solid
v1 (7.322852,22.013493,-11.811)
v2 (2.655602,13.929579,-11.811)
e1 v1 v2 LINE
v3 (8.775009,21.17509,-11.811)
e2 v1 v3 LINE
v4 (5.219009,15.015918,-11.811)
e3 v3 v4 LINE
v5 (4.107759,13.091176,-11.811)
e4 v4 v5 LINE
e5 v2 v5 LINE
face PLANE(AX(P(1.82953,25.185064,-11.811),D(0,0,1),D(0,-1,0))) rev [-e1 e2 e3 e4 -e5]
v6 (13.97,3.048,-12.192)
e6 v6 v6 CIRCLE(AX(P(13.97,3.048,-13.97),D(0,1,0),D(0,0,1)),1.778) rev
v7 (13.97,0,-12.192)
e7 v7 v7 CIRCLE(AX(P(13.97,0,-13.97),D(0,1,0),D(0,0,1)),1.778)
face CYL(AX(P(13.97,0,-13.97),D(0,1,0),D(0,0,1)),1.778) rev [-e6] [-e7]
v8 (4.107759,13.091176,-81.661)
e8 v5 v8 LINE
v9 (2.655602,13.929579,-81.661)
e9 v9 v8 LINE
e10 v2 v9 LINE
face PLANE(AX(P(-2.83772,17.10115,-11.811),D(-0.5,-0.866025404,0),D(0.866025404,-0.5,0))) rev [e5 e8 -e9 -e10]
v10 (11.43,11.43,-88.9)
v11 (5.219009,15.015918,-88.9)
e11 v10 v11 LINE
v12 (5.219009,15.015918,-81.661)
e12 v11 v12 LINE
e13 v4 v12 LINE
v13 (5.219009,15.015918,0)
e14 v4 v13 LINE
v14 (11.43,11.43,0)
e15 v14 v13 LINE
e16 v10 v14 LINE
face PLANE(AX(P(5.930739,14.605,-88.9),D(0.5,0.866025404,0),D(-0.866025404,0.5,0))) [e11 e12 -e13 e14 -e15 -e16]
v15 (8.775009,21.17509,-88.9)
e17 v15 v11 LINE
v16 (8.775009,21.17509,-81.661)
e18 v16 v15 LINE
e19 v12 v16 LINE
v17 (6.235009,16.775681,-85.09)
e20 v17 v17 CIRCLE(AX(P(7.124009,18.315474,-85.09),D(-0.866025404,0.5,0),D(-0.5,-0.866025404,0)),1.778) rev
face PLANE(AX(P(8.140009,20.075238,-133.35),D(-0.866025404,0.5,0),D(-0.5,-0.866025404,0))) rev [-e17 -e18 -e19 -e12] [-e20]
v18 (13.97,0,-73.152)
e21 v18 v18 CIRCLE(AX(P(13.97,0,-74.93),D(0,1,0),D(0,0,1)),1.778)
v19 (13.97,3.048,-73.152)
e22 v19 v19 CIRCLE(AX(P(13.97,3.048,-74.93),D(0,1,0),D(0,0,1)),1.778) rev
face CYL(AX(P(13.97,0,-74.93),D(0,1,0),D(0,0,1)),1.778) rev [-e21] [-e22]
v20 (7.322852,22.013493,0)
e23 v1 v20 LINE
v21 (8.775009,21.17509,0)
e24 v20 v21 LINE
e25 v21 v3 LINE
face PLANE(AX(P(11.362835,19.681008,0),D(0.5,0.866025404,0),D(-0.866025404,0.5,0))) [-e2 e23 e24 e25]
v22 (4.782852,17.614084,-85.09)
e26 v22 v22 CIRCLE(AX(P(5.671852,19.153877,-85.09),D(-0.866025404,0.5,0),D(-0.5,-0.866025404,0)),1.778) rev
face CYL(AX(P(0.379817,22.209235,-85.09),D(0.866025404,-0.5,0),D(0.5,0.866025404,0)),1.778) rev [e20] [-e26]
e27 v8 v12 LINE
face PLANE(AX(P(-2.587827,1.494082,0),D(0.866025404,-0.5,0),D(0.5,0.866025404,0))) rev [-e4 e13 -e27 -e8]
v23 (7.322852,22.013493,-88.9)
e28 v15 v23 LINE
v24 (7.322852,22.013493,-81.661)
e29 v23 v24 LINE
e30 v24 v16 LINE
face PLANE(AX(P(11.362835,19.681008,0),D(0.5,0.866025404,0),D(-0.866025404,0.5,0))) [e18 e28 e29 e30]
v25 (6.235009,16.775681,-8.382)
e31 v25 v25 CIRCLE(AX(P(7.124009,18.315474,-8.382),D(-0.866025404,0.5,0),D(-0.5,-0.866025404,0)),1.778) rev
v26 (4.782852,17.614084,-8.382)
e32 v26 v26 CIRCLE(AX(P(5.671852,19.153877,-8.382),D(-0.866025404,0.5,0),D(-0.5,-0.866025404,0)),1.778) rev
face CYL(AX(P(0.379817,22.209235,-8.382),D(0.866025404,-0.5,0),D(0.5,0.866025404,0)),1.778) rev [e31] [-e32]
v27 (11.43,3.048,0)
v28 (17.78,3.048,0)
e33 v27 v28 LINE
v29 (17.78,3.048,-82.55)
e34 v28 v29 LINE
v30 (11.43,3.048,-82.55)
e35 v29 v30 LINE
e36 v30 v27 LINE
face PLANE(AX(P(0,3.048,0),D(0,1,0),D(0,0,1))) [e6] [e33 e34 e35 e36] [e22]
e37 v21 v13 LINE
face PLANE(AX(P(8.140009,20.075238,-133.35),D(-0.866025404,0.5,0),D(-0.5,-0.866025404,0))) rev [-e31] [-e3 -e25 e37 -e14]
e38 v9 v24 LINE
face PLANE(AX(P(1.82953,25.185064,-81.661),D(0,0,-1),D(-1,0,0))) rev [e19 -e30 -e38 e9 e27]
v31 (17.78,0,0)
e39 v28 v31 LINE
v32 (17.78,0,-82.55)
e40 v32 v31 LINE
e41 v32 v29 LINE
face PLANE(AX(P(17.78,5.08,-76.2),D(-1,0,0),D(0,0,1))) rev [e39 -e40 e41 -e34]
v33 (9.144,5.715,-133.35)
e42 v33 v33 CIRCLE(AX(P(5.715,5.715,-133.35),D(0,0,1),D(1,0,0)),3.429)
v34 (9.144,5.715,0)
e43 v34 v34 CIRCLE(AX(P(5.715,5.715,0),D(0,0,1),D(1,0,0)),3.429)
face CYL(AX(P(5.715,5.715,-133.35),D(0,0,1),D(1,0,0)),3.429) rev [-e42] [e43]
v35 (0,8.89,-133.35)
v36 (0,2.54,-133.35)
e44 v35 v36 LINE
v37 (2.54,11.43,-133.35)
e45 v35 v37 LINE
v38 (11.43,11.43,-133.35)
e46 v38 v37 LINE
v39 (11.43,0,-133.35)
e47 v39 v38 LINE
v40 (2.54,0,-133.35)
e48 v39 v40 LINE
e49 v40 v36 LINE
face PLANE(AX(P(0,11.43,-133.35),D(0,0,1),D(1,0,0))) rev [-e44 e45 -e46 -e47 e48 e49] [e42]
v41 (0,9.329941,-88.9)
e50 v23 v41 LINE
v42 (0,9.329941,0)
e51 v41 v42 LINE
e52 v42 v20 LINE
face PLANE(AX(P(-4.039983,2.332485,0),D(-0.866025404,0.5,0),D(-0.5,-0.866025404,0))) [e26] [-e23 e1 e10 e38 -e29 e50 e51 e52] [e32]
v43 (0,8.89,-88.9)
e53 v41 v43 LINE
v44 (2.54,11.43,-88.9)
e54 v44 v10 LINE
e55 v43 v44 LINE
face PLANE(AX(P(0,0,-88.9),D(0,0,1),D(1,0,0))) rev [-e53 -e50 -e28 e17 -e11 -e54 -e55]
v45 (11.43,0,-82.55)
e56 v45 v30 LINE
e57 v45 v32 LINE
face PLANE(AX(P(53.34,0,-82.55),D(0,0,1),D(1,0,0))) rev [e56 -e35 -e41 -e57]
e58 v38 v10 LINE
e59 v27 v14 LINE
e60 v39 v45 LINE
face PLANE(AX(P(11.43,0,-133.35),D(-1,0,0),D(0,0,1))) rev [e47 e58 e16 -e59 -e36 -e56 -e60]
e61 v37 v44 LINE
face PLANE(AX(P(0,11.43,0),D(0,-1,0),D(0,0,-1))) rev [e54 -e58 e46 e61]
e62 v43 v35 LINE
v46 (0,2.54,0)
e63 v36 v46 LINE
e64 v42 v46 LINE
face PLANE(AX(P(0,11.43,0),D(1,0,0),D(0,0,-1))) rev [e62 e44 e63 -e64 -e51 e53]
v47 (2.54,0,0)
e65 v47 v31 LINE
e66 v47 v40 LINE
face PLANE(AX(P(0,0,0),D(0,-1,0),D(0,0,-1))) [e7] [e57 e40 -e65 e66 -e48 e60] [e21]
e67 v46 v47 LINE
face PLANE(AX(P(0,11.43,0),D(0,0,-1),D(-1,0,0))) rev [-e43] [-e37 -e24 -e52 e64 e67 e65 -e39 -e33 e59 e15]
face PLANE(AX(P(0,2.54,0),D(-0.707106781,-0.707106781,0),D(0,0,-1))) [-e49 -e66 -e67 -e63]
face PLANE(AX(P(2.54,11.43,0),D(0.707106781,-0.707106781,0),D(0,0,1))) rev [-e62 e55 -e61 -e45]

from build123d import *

# Parameters (mm, degrees)
SKETCH1_W           = 77.47
SKETCH1_H           = 133.35
BOSS_EXTRUDE1_DEPTH = 11.43
SKETCH2_R           = 3.429
CUT_EXTRUDE1_DEPTH  = 134.35
CUT_EXTRUDE2_DEPTH  = 12.43
SKETCH4_W           = 54.61
SKETCH4_H           = 6.35
CUT_EXTRUDE3_DEPTH  = 134.35
CHAMFER1_SIZE       = 2.54
CUT_EXTRUDE4_DEPTH  = 12.43
SKETCH6_W           = 53.34
SKETCH6_H           = 82.55
CUT_EXTRUDE5_DEPTH  = 12.43
SKETCH7_R           = 1.778
HOLE_CUTS_1_DEPTH   = 6.08
BOSS_EXTRUDE5_DEPTH = 88.9
SKETCH18_W          = 6.35
SKETCH18_H          = 5.08
CUT_EXTRUDE13_DEPTH = 76.2
HOLE_CUTS_2_REACH   = 10.608
SKETCH19_R          = 1.778
SKETCH20_W          = 88.9
SKETCH20_H          = 11.176
CUT_EXTRUDE16_DEPTH = 1.27
CUT_EXTRUDE22_DEPTH = 134.35
SKETCH22_W          = 6.35
SKETCH22_H          = 82.55
CUT_EXTRUDE18_DEPTH = 2.032
SKETCH23_W          = 1.676805636
SKETCH23_H          = 88.9
BOSS_EXTRUDE6_DEPTH = 1.27
CUT_EXTRUDE19_REACH = 10.019
SKETCH24_W          = 69.85
SKETCH24_H          = 9.3345
CUT_EXTRUDE20_REACH = 12.28
SKETCH25_W          = 1.27
SKETCH25_H          = 88.9
CUT_EXTRUDE21_REACH = 7.08
SKETCH26_W          = 6.35
SKETCH26_H          = 6.35


with BuildPart() as part:
    # Sketch1 → Boss-Extrude1 (new body)
    with BuildSketch(Plane(origin=(0, 0, 0), x_dir=(1, 0, 0), z_dir=(0, 1, 0))):
        with Locations((38.735, 66.675)):
            Rectangle(SKETCH1_W, SKETCH1_H)
    extrude(amount=BOSS_EXTRUDE1_DEPTH)

    # Sketch2 → Cut-Extrude1 (cut, through all)
    with BuildSketch(Plane.XY):
        with Locations((5.715, 5.715)):
            Circle(SKETCH2_R)
        with Locations((71.755, 5.715)):
            Circle(SKETCH2_R)
    extrude(amount=-CUT_EXTRUDE1_DEPTH, mode=Mode.SUBTRACT)

    # Sketch3 → Cut-Extrude2 (cut, through all)
    with BuildSketch(Plane(origin=(0, 11.43, 0), x_dir=(1, 0, 0), z_dir=(0, 1, 0))):
        with BuildLine():
            Line((11.43, 133.35), (11.43, 95.25))
            ThreePointArc((11.43, 95.25), (15.149743879, 86.269743879), (24.13, 82.55))
            Line((24.13, 82.55), (53.34, 82.55))
            ThreePointArc((53.34, 82.55), (62.320256121, 86.269743879), (66.04, 95.25))
            Line((66.04, 95.25), (66.04, 133.35))
            Line((66.04, 133.35), (11.43, 133.35))
        make_face()
    extrude(amount=-CUT_EXTRUDE2_DEPTH, mode=Mode.SUBTRACT)

    # Sketch4 → Cut-Extrude3 (cut, through all)
    with BuildSketch(Plane(origin=(0, 0, -133.35), x_dir=(-1, 0, 0), z_dir=(0, 0, -1))):
        with Locations((-38.735, 8.255)):
            Rectangle(SKETCH4_W, SKETCH4_H)
    extrude(amount=-CUT_EXTRUDE3_DEPTH, mode=Mode.SUBTRACT)

    # Chamfer1
    chamfer1_edges = [part.edges().sort_by_distance(p)[0] for p in [
        (77.47, 11.43, -66.675),
        (0, 11.43, -66.675),
        (77.47, 0, -66.675),
        (0, 0, -66.675),
    ]]
    chamfer(chamfer1_edges, length=CHAMFER1_SIZE)

    # Sketch5 → Cut-Extrude4 (cut, through all)
    with BuildSketch(Plane(origin=(0, 11.43, 0), x_dir=(1, 0, 0), z_dir=(0, 1, 0))):
        Polygon((11.43, 95.25), (11.43, 82.55), (77.47, 82.55), (77.47, 133.35), (11.43, 133.35), align=None)
    extrude(amount=-CUT_EXTRUDE4_DEPTH, mode=Mode.SUBTRACT)

    # Sketch6 → Cut-Extrude5 (cut, through all)
    with BuildSketch(Plane(origin=(0, 11.43, 0), x_dir=(1, 0, 0), z_dir=(0, 1, 0))):
        with Locations((50.8, 41.275)):
            Rectangle(SKETCH6_W, SKETCH6_H)
    extrude(amount=-CUT_EXTRUDE5_DEPTH, mode=Mode.SUBTRACT)

    # Sketch7 → Hole Cuts 1 (cut, through all)
    with BuildSketch(Plane(origin=(0, 5.08, 0), x_dir=(1, 0, 0), z_dir=(0, 1, 0))):
        with Locations((13.97, 74.93)):
            Circle(SKETCH7_R)
        with Locations((13.97, 13.97)):
            Circle(SKETCH7_R)
    extrude(amount=-HOLE_CUTS_1_DEPTH, mode=Mode.SUBTRACT)

    # Sketch17 → Boss-Extrude5 (add)
    with BuildSketch(Plane.XY):
        Polygon((0, 8.89), (0, 11.869940905), (5.588, 21.548640818), (8.851738686, 19.664320409), (5.930738686, 14.605), (11.43, 11.43), (2.54, 11.43), align=None)
    extrude(amount=-BOSS_EXTRUDE5_DEPTH)

    # Sketch18 → Cut-Extrude13 (cut)
    with BuildSketch(Plane.XY):
        with Locations((20.955, 2.54)):
            Rectangle(SKETCH18_W, SKETCH18_H)
    extrude(amount=-CUT_EXTRUDE13_DEPTH, mode=Mode.SUBTRACT)

    # Sketch19 → Hole Cuts 2 (cut, up to next)
    with BuildSketch(Plane(origin=(-1.876096497, 1.083164817, 0), x_dir=(0, 0, -1), z_dir=(0.866025404, -0.5, 0)), mode=Mode.PRIVATE) as hole_cuts_2_sk1:
        with Locations((8.382, 19.423670365)):
            Circle(SKETCH19_R)
    hole_cuts_2_tool1 = extrude(hole_cuts_2_sk1.sketch, amount=-HOLE_CUTS_2_REACH, mode=Mode.PRIVATE) & part.part
    add(hole_cuts_2_tool1.solids().sort_by_distance((7.835739, 17.904557, -8.382))[0], mode=Mode.SUBTRACT)
    # Sketch19 → Hole Cuts 2 (cut, up to next)
    with BuildSketch(Plane(origin=(-1.876096497, 1.083164817, 0), x_dir=(0, 0, -1), z_dir=(0.866025404, -0.5, 0)), mode=Mode.PRIVATE) as hole_cuts_2_sk2:
        with Locations((85.09, 19.423670365)):
            Circle(SKETCH19_R)
    hole_cuts_2_tool2 = extrude(hole_cuts_2_sk2.sketch, amount=-HOLE_CUTS_2_REACH, mode=Mode.PRIVATE) & part.part
    add(hole_cuts_2_tool2.solids().sort_by_distance((7.835739, 17.904557, -85.09))[0], mode=Mode.SUBTRACT)

    # Sketch20 → Cut-Extrude16 (cut)
    with BuildSketch(Plane(origin=(-5.139835183, 2.967485226, 0), x_dir=(0, 0, 1), z_dir=(-0.866025404, 0.5, 0))):
        with Locations((-44.45, 15.867670365)):
            Rectangle(SKETCH20_W, SKETCH20_H)
    extrude(amount=-CUT_EXTRUDE16_DEPTH, mode=Mode.SUBTRACT)

    # Sketch31 → Cut-Extrude22 (cut, through all)
    with BuildSketch(Plane.XY):
        Polygon((8.14000854, 20.075238), (12.539417591, 17.535238), (9.618417591, 12.475917591), (5.21900854, 15.015917591), align=None)
    extrude(amount=-CUT_EXTRUDE22_DEPTH, mode=Mode.SUBTRACT)

    # Sketch22 → Cut-Extrude18 (cut)
    with BuildSketch(Plane(origin=(0, 5.08, 0), x_dir=(1, 0, 0), z_dir=(0, 1, 0))):
        with Locations((14.605, 41.275)):
            Rectangle(SKETCH22_W, SKETCH22_H)
    extrude(amount=-CUT_EXTRUDE18_DEPTH, mode=Mode.SUBTRACT)

    # Sketch23 → Boss-Extrude6 (add)
    with BuildSketch(Plane(origin=(10.727835183, 18.581155592, 0), x_dir=(0.866025404, -0.5, 0), z_dir=(0.5, 0.866025404, 0))):
        with Locations((-3.826567635, 44.45)):
            Rectangle(SKETCH23_W, SKETCH23_H)
    extrude(amount=BOSS_EXTRUDE6_DEPTH)

    # Sketch24 → Cut-Extrude19 (cut, up to next)
    with BuildSketch(Plane(origin=(-2.587826643, 1.494082409, 0), x_dir=(0, 0, -1), z_dir=(0.866025404, -0.5, 0)), mode=Mode.PRIVATE) as cut_extrude19_sk1:
        with Locations((46.736, 18.058420365)):
            Rectangle(SKETCH24_W, SKETCH24_H)
    cut_extrude19_tool1 = extrude(cut_extrude19_sk1.sketch, amount=-CUT_EXTRUDE19_REACH, mode=Mode.PRIVATE) & part.part
    add(cut_extrude19_tool1.solids().sort_by_distance((6.441384, 17.133133, -46.736))[0], mode=Mode.SUBTRACT)

    # Sketch25 → Cut-Extrude20 (cut, up to next)
    with BuildSketch(Plane(origin=(5.139835183, 8.902455679, 0), x_dir=(0.866025404, -0.5, 0), z_dir=(0.5, 0.866025404, 0)), mode=Mode.PRIVATE) as cut_extrude20_sk1:
        with Locations((-5.299970453, 44.45)):
            Rectangle(SKETCH25_W, SKETCH25_H)
    cut_extrude20_tool1 = extrude(cut_extrude20_sk1.sketch, amount=-CUT_EXTRUDE20_REACH, mode=Mode.PRIVATE) & part.part
    add(cut_extrude20_tool1.solids().sort_by_distance((0.549926, 11.552441, -44.45))[0], mode=Mode.SUBTRACT)

    # Sketch26 → Cut-Extrude21 (cut, up to next)
    with BuildSketch(Plane(origin=(0, 5.08, 0), x_dir=(1, 0, 0), z_dir=(0, 1, 0)), mode=Mode.PRIVATE) as cut_extrude21_sk1:
        with Locations((20.955, 79.375)):
            Rectangle(SKETCH26_W, SKETCH26_H)
    cut_extrude21_tool1 = extrude(cut_extrude21_sk1.sketch, amount=-CUT_EXTRUDE21_REACH, mode=Mode.PRIVATE) & part.part
    add(cut_extrude21_tool1.solids().sort_by_distance((20.955, 5.08, -79.375))[0], mode=Mode.SUBTRACT)


solid = part.part
